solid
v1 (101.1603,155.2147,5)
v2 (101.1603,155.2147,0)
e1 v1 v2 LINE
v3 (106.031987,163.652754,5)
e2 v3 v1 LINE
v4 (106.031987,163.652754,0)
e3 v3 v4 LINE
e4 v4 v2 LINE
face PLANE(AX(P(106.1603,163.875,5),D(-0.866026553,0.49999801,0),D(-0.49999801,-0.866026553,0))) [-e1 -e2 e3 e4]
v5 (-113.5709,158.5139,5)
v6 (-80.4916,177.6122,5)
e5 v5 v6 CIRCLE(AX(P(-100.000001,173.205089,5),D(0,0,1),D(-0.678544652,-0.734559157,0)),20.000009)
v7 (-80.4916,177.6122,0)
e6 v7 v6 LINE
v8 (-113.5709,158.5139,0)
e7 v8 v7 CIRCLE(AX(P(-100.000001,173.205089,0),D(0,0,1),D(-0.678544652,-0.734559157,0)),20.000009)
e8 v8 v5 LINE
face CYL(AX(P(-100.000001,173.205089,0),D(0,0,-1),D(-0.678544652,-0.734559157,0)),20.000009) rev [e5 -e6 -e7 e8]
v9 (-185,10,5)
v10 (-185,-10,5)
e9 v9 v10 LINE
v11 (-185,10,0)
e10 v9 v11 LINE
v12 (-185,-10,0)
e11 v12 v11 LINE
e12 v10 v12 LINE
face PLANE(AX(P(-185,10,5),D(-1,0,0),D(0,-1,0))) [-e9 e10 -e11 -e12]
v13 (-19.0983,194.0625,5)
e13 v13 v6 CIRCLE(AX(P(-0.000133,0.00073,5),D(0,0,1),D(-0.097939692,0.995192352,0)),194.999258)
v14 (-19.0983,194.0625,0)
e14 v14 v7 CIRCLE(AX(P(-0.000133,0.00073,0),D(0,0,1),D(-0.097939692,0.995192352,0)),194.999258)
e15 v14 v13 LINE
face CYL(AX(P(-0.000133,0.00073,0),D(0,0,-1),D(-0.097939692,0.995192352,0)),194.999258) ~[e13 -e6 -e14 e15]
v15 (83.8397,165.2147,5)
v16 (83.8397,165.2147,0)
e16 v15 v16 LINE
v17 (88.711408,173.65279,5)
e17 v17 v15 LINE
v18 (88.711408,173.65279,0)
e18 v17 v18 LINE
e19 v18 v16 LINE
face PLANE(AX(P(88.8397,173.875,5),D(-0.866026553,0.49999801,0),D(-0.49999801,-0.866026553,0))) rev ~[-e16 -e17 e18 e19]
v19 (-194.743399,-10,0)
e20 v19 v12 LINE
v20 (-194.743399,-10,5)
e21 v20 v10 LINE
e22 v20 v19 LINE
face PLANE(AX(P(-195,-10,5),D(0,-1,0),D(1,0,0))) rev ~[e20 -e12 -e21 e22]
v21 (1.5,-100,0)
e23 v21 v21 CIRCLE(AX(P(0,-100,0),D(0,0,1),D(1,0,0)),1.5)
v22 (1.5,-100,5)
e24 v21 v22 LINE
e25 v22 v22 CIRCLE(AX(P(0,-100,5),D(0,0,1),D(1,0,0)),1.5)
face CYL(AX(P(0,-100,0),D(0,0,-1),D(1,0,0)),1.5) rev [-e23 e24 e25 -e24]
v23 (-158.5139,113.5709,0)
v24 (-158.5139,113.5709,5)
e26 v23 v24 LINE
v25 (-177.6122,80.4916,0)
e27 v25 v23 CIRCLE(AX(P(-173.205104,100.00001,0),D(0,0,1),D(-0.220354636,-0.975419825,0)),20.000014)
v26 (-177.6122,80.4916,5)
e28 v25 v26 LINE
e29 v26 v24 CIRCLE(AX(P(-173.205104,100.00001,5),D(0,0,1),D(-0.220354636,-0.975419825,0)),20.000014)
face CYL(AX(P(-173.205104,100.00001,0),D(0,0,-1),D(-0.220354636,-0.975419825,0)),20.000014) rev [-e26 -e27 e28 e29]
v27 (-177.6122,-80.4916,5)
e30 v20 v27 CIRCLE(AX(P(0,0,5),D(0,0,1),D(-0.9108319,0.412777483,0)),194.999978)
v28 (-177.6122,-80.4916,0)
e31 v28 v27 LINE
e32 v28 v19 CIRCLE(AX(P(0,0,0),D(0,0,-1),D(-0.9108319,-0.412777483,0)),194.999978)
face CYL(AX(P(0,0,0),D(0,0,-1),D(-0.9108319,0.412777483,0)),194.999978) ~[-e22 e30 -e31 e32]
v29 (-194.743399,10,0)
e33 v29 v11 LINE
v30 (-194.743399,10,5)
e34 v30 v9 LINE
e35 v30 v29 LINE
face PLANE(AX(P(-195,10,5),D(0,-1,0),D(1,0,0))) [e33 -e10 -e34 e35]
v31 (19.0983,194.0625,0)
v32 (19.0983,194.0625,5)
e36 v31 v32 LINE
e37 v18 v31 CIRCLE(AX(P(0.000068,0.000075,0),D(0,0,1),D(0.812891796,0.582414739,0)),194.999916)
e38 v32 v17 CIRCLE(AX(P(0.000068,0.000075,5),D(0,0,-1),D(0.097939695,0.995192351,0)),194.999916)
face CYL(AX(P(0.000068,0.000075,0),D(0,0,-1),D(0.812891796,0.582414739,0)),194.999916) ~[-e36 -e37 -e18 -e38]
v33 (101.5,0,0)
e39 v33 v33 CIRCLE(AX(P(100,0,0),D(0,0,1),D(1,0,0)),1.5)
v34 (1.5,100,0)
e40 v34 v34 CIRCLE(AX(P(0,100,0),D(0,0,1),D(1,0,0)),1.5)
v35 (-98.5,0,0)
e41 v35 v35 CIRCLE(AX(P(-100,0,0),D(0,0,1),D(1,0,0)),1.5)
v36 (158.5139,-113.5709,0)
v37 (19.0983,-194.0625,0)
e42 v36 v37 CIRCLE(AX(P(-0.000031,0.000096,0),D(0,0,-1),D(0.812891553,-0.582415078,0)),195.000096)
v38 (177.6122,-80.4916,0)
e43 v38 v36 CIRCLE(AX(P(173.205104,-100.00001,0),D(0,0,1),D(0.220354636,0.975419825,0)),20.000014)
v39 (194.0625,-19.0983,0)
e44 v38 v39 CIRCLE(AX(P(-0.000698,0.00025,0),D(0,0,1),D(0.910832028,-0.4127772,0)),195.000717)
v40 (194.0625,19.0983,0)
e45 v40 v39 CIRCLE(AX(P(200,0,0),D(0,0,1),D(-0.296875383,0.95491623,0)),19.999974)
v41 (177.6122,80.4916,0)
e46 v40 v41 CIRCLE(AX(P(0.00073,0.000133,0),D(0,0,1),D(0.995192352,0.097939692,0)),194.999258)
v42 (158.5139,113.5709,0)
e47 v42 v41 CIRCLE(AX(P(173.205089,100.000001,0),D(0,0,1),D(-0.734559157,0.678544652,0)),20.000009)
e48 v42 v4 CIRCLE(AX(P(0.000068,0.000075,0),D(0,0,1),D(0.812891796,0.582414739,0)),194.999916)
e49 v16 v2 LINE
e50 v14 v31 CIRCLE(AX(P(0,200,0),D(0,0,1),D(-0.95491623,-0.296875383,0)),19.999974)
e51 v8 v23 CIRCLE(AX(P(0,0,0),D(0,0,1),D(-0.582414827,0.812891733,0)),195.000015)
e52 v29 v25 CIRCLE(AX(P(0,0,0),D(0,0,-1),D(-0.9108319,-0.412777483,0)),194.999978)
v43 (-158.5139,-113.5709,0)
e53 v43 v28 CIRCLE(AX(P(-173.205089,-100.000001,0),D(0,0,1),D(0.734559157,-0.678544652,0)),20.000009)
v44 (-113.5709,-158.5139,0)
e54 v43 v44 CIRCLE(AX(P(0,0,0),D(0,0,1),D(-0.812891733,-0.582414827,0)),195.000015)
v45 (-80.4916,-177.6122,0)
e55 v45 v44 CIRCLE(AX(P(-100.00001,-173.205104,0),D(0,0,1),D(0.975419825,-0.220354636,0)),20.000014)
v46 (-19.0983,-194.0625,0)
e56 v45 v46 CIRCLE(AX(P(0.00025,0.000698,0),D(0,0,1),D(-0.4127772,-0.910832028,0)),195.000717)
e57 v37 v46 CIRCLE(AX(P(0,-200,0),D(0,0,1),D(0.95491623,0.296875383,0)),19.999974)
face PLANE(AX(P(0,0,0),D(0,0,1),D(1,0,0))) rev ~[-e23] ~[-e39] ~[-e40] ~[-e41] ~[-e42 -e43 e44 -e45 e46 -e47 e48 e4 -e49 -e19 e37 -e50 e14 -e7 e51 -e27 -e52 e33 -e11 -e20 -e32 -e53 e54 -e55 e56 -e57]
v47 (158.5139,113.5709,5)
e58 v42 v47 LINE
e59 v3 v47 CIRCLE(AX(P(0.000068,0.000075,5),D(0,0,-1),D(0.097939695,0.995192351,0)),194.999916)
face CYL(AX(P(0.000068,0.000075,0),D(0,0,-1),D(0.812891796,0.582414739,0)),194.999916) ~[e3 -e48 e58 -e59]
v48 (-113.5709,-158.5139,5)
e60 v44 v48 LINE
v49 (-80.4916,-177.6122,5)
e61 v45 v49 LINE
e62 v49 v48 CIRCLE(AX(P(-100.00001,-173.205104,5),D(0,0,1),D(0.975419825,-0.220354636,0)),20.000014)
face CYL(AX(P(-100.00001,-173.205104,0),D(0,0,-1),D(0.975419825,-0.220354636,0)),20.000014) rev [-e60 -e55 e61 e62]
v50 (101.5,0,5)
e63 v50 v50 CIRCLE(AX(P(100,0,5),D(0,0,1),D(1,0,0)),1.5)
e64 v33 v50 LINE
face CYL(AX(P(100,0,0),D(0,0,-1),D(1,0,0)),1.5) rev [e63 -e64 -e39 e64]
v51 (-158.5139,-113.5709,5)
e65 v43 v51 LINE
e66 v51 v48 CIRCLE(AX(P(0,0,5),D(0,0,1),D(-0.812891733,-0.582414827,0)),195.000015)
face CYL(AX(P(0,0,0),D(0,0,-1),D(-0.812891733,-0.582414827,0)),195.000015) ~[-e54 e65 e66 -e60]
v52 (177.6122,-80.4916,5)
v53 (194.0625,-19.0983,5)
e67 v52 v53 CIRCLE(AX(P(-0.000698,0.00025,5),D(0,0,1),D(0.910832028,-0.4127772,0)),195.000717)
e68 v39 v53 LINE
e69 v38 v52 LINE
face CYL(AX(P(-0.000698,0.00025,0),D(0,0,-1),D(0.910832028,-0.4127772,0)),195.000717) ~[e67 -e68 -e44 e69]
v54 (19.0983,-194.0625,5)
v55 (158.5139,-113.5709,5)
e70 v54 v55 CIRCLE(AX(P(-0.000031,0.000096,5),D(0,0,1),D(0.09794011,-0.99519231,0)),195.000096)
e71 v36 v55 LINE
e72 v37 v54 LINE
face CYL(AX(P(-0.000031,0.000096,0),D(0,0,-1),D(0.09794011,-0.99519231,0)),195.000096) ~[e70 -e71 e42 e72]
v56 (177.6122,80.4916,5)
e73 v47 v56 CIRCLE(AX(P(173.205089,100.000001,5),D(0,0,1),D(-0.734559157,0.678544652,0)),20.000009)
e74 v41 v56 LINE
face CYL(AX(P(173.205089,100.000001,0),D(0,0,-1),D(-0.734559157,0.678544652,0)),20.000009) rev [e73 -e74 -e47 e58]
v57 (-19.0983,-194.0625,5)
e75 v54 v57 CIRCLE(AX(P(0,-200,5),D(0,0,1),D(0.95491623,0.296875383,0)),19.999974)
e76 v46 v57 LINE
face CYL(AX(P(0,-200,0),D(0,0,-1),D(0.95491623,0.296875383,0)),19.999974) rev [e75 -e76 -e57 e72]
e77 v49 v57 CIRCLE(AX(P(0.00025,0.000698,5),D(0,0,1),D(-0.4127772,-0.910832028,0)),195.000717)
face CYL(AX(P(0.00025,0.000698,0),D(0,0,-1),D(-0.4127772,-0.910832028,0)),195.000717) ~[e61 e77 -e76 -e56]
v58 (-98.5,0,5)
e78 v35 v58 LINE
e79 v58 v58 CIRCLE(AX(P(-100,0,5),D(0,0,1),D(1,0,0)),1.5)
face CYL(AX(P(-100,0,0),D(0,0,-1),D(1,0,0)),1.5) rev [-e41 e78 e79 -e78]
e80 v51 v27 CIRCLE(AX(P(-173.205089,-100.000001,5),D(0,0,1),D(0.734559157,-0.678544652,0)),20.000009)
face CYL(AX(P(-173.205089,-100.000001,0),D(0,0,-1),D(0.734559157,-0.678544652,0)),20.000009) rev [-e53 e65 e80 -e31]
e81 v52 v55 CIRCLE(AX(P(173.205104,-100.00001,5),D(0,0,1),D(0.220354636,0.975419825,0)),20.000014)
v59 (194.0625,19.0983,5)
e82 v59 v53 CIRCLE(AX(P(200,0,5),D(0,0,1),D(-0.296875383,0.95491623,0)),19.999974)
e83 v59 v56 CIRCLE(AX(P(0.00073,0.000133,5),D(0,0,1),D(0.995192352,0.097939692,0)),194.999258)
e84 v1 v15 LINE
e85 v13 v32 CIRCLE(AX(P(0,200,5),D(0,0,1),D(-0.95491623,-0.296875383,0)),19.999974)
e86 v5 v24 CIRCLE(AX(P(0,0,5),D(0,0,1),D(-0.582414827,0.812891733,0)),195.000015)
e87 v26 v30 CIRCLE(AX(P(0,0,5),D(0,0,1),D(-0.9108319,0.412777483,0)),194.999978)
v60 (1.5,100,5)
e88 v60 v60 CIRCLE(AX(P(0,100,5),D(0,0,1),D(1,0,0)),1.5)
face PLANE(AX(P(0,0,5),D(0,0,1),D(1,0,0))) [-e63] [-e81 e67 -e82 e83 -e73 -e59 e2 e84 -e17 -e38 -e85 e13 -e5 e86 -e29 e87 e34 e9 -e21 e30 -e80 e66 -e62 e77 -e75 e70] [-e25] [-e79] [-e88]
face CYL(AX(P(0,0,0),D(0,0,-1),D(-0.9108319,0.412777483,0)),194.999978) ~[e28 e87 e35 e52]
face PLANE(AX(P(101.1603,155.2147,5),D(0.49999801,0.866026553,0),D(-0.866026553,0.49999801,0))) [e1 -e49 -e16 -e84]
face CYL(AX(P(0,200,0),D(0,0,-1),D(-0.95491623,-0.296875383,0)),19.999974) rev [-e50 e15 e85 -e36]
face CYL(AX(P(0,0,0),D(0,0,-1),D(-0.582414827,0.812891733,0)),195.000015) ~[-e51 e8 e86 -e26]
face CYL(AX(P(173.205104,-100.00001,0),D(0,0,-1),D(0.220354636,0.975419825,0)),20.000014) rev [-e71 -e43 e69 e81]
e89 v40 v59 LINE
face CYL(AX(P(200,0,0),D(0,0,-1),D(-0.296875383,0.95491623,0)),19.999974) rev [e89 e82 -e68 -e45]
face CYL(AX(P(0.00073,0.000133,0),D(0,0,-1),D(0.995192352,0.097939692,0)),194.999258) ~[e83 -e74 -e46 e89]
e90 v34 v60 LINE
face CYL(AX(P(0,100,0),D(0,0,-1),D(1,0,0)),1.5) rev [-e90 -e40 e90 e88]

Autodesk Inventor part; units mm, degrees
ref_plane "YZ Plane" through (0, 0, 0) normal (1, 0, 0) x (0, 1, 0)
ref_plane "XZ Plane" through (0, 0, 0) normal (0, 1, 0) x (-1, 0, 0)
ref_plane "XY Plane" through (0, 0, 0) normal (0, 0, 1) x (1, 0, 0)
sketch "Sketch1" plane through (0, 0, 0) normal (0, 0, 1) x (1, 0, 0)
  arc A0 (-19.0983, 194.0625) -> (19.0983, 194.0625) centre (0, 200) ccw
  arc A1 (-113.5709, 158.5139) -> (-80.4916, 177.6122) centre (-100, 173.2051) ccw
  arc A2 (-177.6122, 80.4916) -> (-158.5139, 113.5709) centre (-173.2051, 100) ccw
  arc A3 (-194.0625, -19.0983) -> (-194.0625, 19.0983) centre (-200, 0) ccw
  arc A4 (-158.5139, -113.5709) -> (-177.6122, -80.4916) centre (-173.2051, -100) ccw
  arc A5 (-80.4916, -177.6122) -> (-113.5709, -158.5139) centre (-100, -173.2051) ccw
  arc A6 (19.0983, -194.0625) -> (-19.0983, -194.0625) centre (0, -200) ccw
  arc A7 (113.5709, -158.5139) -> (80.4916, -177.6122) centre (100, -173.2051) ccw
  arc A8 (177.6122, -80.4916) -> (158.5139, -113.5709) centre (173.2051, -100) ccw
  arc A9 (194.0625, 19.0983) -> (194.0625, -19.0983) centre (200, 0) ccw
  arc A10 (158.5139, 113.5709) -> (177.6122, 80.4916) centre (173.2051, 100) ccw
  arc A11 (80.4916, 177.6122) -> (113.5709, 158.5139) centre (100, 173.2051) ccw
  arc A12 (-113.5709, 158.5139) -> (-158.5139, 113.5709) centre (0, 0) ccw
  arc A13 (-19.0983, 194.0625) -> (-80.4916, 177.6122) centre (0, 0) ccw
  arc A14 (158.5139, 113.5709) -> (19.0983, 194.0625) centre (0, 0) ccw
  arc A15 (194.0625, 19.0983) -> (177.6122, 80.4916) centre (0, 0) ccw
  arc A16 (177.6122, -80.4916) -> (194.0625, -19.0983) centre (0, 0) ccw
  arc A17 (19.0983, -194.0625) -> (158.5139, -113.5709) centre (0, 0) ccw
  arc A18 (-80.4916, -177.6122) -> (-19.0983, -194.0625) centre (0, 0) ccw
  arc A19 (-177.6122, 80.4916) -> (-177.6122, -80.4916) centre (0, 0) ccw
  arc A20 (-158.5139, -113.5709) -> (-113.5709, -158.5139) centre (0, 0) ccw
  line L0 (0, 0) -> (100, 0) construction
  circle A21 centre (-100, 0) radius 1.5
  circle A22 centre (0, -100) radius 1.5
  circle A23 centre (100, 0) radius 1.5
  circle A24 centre (0, 100) radius 1.5
  dimension "d4" = 40
  dimension "d5" = 360
  dimension "d9" = 3
  dimension "d12" = 360
extrude "Extrusion1" add sketch "Sketch1" along normal blind 5
sketch "Sketch2" plane through (0, 0, 5) normal (0, 0, 1) x (1, 0, 0)
  line L0 (0, 195) -> (10, 195)
  line L1 (10, 195) -> (10, 185)
  line L2 (10, 185) -> (0, 185)
  line L3 (0, 195) -> (-10, 195)
  line L4 (-10, 195) -> (-10, 185)
  line L5 (-10, 185) -> (0, 185)
  line L6 (-106.1603, 163.875) -> (-101.1603, 155.2147)
  line L7 (-97.5, 168.875) -> (-106.1603, 163.875)
  line L8 (-88.8397, 173.875) -> (-83.8397, 165.2147)
  line L9 (-97.5, 168.875) -> (-88.8397, 173.875)
  line L10 (-83.8397, 165.2147) -> (-92.5, 160.2147)
  line L11 (-101.1603, 155.2147) -> (-92.5, 160.2147)
  line L12 (-173.875, 88.8397) -> (-165.2147, 83.8397)
  line L13 (-168.875, 97.5) -> (-173.875, 88.8397)
  line L14 (-163.875, 106.1603) -> (-155.2147, 101.1603)
  line L15 (-168.875, 97.5) -> (-163.875, 106.1603)
  line L16 (-155.2147, 101.1603) -> (-160.2147, 92.5)
  line L17 (-165.2147, 83.8397) -> (-160.2147, 92.5)
  line L18 (-195, -10) -> (-185, -10)
  line L19 (-195, 0) -> (-195, -10)
  line L20 (-195, 10) -> (-185, 10)
  line L21 (-195, 0) -> (-195, 10)
  line L22 (-185, 10) -> (-185, 0)
  line L23 (-185, -10) -> (-185, 0)
  line L24 (-163.875, -106.1603) -> (-155.2147, -101.1603)
  line L25 (-168.875, -97.5) -> (-163.875, -106.1603)
  line L26 (-173.875, -88.8397) -> (-165.2147, -83.8397)
  line L27 (-168.875, -97.5) -> (-173.875, -88.8397)
  line L28 (-165.2147, -83.8397) -> (-160.2147, -92.5)
  line L29 (-155.2147, -101.1603) -> (-160.2147, -92.5)
  line L30 (-88.8397, -173.875) -> (-83.8397, -165.2147)
  line L31 (-97.5, -168.875) -> (-88.8397, -173.875)
  line L32 (-106.1603, -163.875) -> (-101.1603, -155.2147)
  line L33 (-97.5, -168.875) -> (-106.1603, -163.875)
  line L34 (-101.1603, -155.2147) -> (-92.5, -160.2147)
  line L35 (-83.8397, -165.2147) -> (-92.5, -160.2147)
  line L36 (10, -195) -> (10, -185)
  line L37 (0, -195) -> (10, -195)
  line L38 (-10, -195) -> (-10, -185)
  line L39 (0, -195) -> (-10, -195)
  line L40 (-10, -185) -> (0, -185)
  line L41 (10, -185) -> (0, -185)
  line L42 (106.1603, -163.875) -> (101.1603, -155.2147)
  line L43 (97.5, -168.875) -> (106.1603, -163.875)
  line L44 (88.8397, -173.875) -> (83.8397, -165.2147)
  line L45 (97.5, -168.875) -> (88.8397, -173.875)
  line L46 (83.8397, -165.2147) -> (92.5, -160.2147)
  line L47 (101.1603, -155.2147) -> (92.5, -160.2147)
  line L48 (173.875, -88.8397) -> (165.2147, -83.8397)
  line L49 (168.875, -97.5) -> (173.875, -88.8397)
  line L50 (163.875, -106.1603) -> (155.2147, -101.1603)
  line L51 (168.875, -97.5) -> (163.875, -106.1603)
  line L52 (155.2147, -101.1603) -> (160.2147, -92.5)
  line L53 (165.2147, -83.8397) -> (160.2147, -92.5)
  line L54 (195, 10) -> (185, 10)
  line L55 (195, 0) -> (195, 10)
  line L56 (195, -10) -> (185, -10)
  line L57 (195, 0) -> (195, -10)
  line L58 (185, -10) -> (185, 0)
  line L59 (185, 10) -> (185, 0)
  line L60 (163.875, 106.1603) -> (155.2147, 101.1603)
  line L61 (168.875, 97.5) -> (163.875, 106.1603)
  line L62 (173.875, 88.8397) -> (165.2147, 83.8397)
  line L63 (168.875, 97.5) -> (173.875, 88.8397)
  line L64 (165.2147, 83.8397) -> (160.2147, 92.5)
  line L65 (155.2147, 101.1603) -> (160.2147, 92.5)
  line L66 (88.8397, 173.875) -> (83.8397, 165.2147)
  line L67 (97.5, 168.875) -> (88.8397, 173.875)
  line L68 (106.1603, 163.875) -> (101.1603, 155.2147)
  line L69 (97.5, 168.875) -> (106.1603, 163.875)
  line L70 (101.1603, 155.2147) -> (92.5, 160.2147)
  line L71 (83.8397, 165.2147) -> (92.5, 160.2147)
  point P0 (0, 0)
  point P1 (0, 0)
  dimension "d16" = 10
  dimension "d17" = 10
  dimension "d20" = 360
extrude "Extrusion2" cut sketch "Sketch2" against normal blind 5 contours L19 L21 L20 L22 L23 L18 | L67 L69 L68 L70 L71 L66
properties part number "napduoinew"
